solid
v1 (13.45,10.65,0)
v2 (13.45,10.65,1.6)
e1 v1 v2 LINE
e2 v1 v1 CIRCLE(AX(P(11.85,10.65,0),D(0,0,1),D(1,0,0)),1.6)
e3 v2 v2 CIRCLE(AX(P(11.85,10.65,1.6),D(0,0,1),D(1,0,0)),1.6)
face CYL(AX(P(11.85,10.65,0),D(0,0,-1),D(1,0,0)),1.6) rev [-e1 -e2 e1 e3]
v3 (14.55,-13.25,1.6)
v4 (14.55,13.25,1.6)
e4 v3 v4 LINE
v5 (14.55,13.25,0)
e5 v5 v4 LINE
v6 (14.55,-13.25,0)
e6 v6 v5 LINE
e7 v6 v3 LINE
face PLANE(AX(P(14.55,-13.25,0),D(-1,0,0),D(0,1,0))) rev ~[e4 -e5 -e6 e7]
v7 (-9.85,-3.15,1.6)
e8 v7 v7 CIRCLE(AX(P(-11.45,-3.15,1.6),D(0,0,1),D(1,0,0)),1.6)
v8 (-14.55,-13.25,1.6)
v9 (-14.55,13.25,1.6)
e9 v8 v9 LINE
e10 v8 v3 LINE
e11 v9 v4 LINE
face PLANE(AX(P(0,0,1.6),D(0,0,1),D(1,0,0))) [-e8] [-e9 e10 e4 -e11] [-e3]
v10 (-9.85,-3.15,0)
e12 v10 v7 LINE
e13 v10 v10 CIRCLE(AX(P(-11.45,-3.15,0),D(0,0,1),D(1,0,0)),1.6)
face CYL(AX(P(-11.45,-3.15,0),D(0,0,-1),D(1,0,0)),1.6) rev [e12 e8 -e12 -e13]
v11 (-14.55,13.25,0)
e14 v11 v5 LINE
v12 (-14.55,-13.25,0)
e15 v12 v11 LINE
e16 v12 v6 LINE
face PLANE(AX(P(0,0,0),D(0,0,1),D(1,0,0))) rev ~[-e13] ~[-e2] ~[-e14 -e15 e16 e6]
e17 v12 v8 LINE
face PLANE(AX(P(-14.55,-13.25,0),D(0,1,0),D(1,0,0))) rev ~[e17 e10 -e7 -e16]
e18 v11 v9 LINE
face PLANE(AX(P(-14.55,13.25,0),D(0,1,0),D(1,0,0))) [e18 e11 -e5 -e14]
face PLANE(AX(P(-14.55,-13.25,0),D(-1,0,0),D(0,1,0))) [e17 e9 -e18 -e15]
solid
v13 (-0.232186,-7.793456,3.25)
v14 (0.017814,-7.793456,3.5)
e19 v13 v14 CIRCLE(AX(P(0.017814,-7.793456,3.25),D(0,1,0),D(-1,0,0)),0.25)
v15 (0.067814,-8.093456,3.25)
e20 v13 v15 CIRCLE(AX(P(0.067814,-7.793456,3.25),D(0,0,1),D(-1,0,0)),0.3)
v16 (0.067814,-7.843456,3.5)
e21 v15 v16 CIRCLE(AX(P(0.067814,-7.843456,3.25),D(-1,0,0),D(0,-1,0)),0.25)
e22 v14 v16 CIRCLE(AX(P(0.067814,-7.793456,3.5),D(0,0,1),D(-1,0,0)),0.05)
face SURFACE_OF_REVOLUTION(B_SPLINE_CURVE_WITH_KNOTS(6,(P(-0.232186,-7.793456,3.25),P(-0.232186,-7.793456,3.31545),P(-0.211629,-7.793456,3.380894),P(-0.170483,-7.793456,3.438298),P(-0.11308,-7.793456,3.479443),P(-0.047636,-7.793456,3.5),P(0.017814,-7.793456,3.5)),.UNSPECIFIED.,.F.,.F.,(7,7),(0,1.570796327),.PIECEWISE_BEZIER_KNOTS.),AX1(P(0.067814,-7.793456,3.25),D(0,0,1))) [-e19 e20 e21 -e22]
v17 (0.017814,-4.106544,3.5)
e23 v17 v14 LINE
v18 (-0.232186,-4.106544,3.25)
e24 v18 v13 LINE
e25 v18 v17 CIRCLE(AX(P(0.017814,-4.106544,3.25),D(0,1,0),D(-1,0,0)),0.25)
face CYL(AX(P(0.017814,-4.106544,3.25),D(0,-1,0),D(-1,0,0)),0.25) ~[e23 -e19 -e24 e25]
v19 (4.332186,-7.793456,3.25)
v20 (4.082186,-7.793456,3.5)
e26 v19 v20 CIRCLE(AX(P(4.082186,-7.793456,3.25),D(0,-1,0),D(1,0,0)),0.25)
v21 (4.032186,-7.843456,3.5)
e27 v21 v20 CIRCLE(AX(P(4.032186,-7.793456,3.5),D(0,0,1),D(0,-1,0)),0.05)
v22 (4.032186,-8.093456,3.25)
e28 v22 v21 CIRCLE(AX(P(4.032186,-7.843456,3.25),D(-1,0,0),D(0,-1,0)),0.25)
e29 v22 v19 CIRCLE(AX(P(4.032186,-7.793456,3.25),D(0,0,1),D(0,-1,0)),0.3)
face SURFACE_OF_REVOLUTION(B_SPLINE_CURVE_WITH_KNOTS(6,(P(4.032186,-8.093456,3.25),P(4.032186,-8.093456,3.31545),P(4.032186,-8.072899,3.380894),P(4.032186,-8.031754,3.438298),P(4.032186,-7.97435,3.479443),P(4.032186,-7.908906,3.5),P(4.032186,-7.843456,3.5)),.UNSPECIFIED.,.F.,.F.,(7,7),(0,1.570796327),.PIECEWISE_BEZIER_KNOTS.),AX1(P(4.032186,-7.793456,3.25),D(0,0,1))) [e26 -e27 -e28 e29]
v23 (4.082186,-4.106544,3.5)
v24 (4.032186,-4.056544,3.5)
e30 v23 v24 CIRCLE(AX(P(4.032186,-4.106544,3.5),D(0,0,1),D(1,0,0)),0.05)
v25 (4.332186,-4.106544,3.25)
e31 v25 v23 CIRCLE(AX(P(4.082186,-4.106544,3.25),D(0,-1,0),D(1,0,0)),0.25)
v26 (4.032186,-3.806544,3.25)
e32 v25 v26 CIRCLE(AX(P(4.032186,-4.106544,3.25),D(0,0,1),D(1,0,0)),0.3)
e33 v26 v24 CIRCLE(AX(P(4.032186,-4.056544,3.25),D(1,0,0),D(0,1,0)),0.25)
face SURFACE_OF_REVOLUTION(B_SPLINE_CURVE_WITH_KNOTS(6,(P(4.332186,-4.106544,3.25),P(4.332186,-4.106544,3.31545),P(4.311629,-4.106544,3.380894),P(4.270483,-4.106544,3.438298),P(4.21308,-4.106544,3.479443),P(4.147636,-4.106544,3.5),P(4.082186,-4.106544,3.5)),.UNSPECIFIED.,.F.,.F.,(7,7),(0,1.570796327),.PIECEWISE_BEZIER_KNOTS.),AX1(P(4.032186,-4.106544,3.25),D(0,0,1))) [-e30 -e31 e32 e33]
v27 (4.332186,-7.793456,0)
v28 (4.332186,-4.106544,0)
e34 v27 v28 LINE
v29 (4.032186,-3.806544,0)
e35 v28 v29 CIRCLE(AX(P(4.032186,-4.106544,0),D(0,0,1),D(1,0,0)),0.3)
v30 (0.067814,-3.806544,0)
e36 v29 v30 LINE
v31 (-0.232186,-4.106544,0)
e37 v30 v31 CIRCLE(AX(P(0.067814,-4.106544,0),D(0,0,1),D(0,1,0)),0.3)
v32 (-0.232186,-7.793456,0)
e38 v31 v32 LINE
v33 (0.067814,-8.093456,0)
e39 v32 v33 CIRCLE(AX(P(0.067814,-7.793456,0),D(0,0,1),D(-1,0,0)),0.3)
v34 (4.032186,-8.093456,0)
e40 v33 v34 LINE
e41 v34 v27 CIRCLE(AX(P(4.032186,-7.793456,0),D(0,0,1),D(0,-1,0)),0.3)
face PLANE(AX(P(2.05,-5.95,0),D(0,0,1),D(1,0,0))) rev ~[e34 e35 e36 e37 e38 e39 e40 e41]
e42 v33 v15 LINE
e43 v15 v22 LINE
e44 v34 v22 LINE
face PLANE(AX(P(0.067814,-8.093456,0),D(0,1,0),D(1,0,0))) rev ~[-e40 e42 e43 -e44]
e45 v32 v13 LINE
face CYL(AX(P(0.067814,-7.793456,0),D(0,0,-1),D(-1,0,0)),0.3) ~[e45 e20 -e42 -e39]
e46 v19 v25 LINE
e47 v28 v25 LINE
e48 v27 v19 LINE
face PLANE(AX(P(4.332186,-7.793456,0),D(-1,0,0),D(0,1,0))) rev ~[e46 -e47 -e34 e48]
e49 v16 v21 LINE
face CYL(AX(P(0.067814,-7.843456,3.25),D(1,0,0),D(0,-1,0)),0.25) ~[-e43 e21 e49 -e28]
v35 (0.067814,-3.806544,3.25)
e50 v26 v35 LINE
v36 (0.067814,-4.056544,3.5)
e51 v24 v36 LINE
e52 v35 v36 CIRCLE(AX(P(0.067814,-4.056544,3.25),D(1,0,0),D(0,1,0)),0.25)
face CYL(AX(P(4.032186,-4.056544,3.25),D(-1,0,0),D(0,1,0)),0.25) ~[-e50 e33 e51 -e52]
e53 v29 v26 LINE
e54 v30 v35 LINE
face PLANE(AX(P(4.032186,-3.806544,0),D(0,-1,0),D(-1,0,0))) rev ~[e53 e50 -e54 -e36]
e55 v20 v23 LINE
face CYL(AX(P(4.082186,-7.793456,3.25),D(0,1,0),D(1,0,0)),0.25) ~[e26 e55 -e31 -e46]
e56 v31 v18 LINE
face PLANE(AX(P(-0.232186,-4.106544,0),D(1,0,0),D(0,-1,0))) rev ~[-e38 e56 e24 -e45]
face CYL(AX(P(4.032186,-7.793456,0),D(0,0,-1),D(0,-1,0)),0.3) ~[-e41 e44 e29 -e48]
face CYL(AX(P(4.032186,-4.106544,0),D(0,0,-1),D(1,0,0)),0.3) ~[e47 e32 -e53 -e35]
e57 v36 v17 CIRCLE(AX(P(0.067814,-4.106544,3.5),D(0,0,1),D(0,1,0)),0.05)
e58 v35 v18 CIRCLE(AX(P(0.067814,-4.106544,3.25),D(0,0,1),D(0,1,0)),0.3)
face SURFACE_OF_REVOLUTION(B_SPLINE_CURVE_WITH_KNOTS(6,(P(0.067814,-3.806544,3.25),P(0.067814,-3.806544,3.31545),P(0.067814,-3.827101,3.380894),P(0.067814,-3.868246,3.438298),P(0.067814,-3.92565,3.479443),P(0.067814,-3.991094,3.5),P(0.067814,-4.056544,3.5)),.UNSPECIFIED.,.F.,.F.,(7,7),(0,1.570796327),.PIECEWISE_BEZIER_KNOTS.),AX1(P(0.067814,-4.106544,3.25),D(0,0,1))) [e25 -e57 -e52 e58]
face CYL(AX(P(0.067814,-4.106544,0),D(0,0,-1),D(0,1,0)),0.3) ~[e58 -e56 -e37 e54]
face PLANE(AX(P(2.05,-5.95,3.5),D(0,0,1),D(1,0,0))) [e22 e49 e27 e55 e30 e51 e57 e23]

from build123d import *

# Parameters (mm, degrees)
F0_W     = 29.1
F0_H     = 26.5
F0_R     = 1.6
F1_DEPTH = 1.6
F2_DEPTH = 3.5
F3_R     = 0.25


with BuildPart() as f1:
    # F0 (on Top) → F1 (new body)
    with BuildSketch(Plane.XY):
        Rectangle(F0_W, F0_H)
        with Locations((-11.45, -3.15)):
            Circle(F0_R, mode=Mode.SUBTRACT)
        with BuildLine():
            ThreePointArc((4.3321857128, -7.7934560769), (4.2443177472, -8.0055881112), (4.0321857128, -8.0934560769))
            Line((4.0321857128, -8.0934560769), (0.0678142872, -8.0934560769))
            ThreePointArc((0.0678142872, -8.0934560769), (-0.1443177472, -8.0055881112), (-0.2321857128, -7.7934560769))
            Line((-0.2321857128, -7.7934560769), (-0.2321857128, -4.1065439231))
            ThreePointArc((-0.2321857128, -4.1065439231), (-0.1443177472, -3.8944118888), (0.0678142872, -3.8065439231))
            Line((0.0678142872, -3.8065439231), (4.0321857128, -3.8065439231))
            ThreePointArc((4.0321857128, -3.8065439231), (4.2443177472, -3.8944118888), (4.3321857128, -4.1065439231))
            Line((4.3321857128, -4.1065439231), (4.3321857128, -7.7934560769))
        make_face(mode=Mode.SUBTRACT)
        with Locations((11.85, 10.65)):
            Circle(F0_R, mode=Mode.SUBTRACT)
        with BuildLine():
            Line((0.0678142872, -8.0934560769), (4.0321857128, -8.0934560769))
            ThreePointArc((4.0321857128, -8.0934560769), (4.2443177472, -8.0055881112), (4.3321857128, -7.7934560769))
            Line((4.3321857128, -7.7934560769), (4.3321857128, -4.1065439231))
            ThreePointArc((4.3321857128, -4.1065439231), (4.2443177472, -3.8944118888), (4.0321857128, -3.8065439231))
            Line((4.0321857128, -3.8065439231), (0.0678142872, -3.8065439231))
            ThreePointArc((0.0678142872, -3.8065439231), (-0.1443177472, -3.8944118888), (-0.2321857128, -4.1065439231))
            Line((-0.2321857128, -4.1065439231), (-0.2321857128, -7.7934560769))
            ThreePointArc((-0.2321857128, -7.7934560769), (-0.1443177472, -8.0055881112), (0.0678142872, -8.0934560769))
        make_face()
    extrude(amount=F1_DEPTH)


with BuildPart() as f2:
    # F0 (on Top) → F2 (new body)
    with BuildSketch(Plane.XY):
        with BuildLine():
            Line((0.0678142872, -8.0934560769), (4.0321857128, -8.0934560769))
            ThreePointArc((4.0321857128, -8.0934560769), (4.2443177472, -8.0055881112), (4.3321857128, -7.7934560769))
            Line((4.3321857128, -7.7934560769), (4.3321857128, -4.1065439231))
            ThreePointArc((4.3321857128, -4.1065439231), (4.2443177472, -3.8944118888), (4.0321857128, -3.8065439231))
            Line((4.0321857128, -3.8065439231), (0.0678142872, -3.8065439231))
            ThreePointArc((0.0678142872, -3.8065439231), (-0.1443177472, -3.8944118888), (-0.2321857128, -4.1065439231))
            Line((-0.2321857128, -4.1065439231), (-0.2321857128, -7.7934560769))
            ThreePointArc((-0.2321857128, -7.7934560769), (-0.1443177472, -8.0055881112), (0.0678142872, -8.0934560769))
        make_face()
    extrude(amount=F2_DEPTH)

    # F3
    f3_edges = [f2.edges().sort_by_distance(p)[0] for p in [
        (-0.144318, -8.005588, 3.5),
        (2.05, -8.093456, 3.5),
        (4.244318, -8.005588, 3.5),
        (4.332186, -5.95, 3.5),
        (4.244318, -3.894412, 3.5),
        (2.05, -3.806544, 3.5),
        (-0.144318, -3.894412, 3.5),
        (-0.232186, -5.95, 3.5),
    ]]
    fillet(f3_edges, radius=F3_R)


solid = Compound([f1.part, f2.part])
